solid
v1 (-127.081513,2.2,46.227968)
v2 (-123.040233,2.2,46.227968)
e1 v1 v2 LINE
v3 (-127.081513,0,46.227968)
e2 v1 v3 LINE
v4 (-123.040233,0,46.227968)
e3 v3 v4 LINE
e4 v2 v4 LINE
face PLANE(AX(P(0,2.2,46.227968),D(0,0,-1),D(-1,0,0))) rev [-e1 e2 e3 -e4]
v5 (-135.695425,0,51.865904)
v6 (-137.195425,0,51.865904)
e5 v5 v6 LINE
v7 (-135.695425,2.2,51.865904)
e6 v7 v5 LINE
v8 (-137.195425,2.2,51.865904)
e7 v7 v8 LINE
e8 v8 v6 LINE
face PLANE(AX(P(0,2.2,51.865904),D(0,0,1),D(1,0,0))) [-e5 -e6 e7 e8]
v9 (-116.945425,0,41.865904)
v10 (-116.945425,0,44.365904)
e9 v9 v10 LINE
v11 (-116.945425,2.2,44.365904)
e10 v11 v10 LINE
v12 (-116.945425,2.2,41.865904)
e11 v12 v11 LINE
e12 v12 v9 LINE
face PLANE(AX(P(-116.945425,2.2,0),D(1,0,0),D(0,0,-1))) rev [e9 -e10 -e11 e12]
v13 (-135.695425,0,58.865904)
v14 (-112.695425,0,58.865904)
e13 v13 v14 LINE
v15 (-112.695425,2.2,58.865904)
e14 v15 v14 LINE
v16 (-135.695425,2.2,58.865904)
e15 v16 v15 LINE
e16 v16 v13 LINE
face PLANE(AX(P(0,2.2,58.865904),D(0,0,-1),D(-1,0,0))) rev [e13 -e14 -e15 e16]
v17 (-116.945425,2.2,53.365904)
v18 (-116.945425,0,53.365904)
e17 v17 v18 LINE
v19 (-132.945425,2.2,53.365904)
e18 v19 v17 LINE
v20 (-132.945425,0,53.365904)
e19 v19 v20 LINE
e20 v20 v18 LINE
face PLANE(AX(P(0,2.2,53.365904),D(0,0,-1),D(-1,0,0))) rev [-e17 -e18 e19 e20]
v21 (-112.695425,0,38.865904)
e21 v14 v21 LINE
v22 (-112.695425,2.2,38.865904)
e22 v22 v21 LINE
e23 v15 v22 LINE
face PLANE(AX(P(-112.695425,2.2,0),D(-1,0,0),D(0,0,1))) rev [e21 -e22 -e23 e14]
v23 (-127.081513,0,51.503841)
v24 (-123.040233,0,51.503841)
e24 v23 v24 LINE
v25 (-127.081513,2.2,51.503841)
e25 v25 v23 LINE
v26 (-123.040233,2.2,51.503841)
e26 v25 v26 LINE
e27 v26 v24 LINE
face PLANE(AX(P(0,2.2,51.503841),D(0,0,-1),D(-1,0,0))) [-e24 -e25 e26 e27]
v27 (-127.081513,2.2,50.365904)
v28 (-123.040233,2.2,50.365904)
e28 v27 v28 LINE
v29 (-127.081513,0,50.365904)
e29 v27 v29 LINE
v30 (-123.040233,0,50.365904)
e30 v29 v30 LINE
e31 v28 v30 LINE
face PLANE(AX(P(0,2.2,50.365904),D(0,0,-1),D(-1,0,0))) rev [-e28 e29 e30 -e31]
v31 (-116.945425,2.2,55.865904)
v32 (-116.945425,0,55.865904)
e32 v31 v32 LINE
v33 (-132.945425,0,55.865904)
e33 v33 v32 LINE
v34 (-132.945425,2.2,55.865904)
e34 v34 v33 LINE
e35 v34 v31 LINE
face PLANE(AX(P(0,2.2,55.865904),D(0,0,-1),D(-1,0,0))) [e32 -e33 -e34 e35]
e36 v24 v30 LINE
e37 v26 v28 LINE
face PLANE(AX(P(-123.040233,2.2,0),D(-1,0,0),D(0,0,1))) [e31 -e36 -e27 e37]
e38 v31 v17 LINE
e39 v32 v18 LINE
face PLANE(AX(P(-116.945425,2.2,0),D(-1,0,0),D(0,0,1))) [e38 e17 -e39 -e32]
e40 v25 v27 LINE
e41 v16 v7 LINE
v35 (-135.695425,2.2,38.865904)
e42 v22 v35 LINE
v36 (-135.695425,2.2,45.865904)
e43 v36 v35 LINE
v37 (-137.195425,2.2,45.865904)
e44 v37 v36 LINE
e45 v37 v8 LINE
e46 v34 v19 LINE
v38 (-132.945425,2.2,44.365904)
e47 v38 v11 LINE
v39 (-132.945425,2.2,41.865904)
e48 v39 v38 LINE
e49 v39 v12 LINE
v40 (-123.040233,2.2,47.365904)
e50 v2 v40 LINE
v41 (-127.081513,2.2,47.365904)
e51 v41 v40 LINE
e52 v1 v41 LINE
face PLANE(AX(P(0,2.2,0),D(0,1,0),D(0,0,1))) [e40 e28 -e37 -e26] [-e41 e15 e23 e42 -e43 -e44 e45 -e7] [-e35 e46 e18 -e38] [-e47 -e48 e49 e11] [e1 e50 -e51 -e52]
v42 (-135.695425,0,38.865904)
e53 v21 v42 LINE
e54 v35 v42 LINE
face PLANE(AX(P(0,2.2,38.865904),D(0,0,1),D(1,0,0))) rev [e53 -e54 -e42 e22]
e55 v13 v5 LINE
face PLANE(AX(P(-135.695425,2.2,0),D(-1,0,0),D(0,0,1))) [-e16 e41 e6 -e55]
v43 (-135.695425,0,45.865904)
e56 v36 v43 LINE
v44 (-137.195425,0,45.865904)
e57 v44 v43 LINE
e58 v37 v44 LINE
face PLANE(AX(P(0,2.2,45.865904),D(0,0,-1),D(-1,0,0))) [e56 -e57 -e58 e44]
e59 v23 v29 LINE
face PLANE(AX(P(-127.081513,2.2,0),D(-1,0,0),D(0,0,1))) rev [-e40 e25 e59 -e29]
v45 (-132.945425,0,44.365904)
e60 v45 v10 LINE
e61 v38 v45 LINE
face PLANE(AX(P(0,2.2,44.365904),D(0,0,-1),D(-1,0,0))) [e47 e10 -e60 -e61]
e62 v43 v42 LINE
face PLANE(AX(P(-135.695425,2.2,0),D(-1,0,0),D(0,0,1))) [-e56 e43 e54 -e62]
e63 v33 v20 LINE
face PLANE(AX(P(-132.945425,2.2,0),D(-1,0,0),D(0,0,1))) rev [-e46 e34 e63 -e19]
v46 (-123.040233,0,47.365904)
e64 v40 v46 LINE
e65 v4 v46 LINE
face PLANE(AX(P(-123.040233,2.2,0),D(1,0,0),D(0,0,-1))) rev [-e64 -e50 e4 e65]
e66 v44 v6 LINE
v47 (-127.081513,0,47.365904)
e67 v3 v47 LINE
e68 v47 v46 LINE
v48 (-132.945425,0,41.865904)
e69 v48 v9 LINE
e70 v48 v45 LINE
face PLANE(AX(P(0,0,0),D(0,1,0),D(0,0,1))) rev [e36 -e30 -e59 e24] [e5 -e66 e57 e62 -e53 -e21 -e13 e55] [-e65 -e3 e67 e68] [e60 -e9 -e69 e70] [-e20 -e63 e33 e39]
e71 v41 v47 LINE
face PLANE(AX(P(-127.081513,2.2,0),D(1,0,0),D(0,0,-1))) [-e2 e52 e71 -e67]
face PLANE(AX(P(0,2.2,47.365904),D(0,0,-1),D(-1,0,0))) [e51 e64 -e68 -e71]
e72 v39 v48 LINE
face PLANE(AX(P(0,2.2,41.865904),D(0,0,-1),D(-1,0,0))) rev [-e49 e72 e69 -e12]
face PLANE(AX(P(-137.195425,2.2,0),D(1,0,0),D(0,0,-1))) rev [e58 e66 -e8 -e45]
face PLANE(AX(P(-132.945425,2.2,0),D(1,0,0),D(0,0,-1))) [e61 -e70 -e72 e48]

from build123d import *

# Parameters (mm, degrees)
SKETCH1_W           = 16
SKETCH1_H           = 2.5
SKETCH1_W_2         = 4.041280146
SKETCH1_H_2         = 1.13793654
SKETCH1_H_3         = 1.137936541
BOSS_EXTRUDE1_DEPTH = 2.2


with BuildPart() as part:
    # Sketch1 → Boss-Extrude1 (new body)
    with BuildSketch(Plane(origin=(0, 0, 0), x_dir=(1, 0, 0), z_dir=(0, 1, 0))):
        Polygon((-135.695425431, -45.865904239), (-137.195425431, -45.865904239), (-137.195425431, -51.865904239), (-135.695425431, -51.865904239), (-135.695425431, -58.865904239), (-112.695425431, -58.865904239), (-112.695425431, -38.865904239), (-135.695425431, -38.865904239), align=None)
        with Locations((-124.945425431, -54.615904239)):
            Rectangle(SKETCH1_W, SKETCH1_H, mode=Mode.SUBTRACT)
        with Locations((-125.060873132, -50.934872509)):
            Rectangle(SKETCH1_W_2, SKETCH1_H_2, mode=Mode.SUBTRACT)
        with Locations((-125.060873132, -46.796935969)):
            Rectangle(SKETCH1_W_2, SKETCH1_H_3, mode=Mode.SUBTRACT)
        with Locations((-124.945425431, -43.115904239)):
            Rectangle(SKETCH1_W, SKETCH1_H, mode=Mode.SUBTRACT)
    extrude(amount=BOSS_EXTRUDE1_DEPTH)


solid = part.part
